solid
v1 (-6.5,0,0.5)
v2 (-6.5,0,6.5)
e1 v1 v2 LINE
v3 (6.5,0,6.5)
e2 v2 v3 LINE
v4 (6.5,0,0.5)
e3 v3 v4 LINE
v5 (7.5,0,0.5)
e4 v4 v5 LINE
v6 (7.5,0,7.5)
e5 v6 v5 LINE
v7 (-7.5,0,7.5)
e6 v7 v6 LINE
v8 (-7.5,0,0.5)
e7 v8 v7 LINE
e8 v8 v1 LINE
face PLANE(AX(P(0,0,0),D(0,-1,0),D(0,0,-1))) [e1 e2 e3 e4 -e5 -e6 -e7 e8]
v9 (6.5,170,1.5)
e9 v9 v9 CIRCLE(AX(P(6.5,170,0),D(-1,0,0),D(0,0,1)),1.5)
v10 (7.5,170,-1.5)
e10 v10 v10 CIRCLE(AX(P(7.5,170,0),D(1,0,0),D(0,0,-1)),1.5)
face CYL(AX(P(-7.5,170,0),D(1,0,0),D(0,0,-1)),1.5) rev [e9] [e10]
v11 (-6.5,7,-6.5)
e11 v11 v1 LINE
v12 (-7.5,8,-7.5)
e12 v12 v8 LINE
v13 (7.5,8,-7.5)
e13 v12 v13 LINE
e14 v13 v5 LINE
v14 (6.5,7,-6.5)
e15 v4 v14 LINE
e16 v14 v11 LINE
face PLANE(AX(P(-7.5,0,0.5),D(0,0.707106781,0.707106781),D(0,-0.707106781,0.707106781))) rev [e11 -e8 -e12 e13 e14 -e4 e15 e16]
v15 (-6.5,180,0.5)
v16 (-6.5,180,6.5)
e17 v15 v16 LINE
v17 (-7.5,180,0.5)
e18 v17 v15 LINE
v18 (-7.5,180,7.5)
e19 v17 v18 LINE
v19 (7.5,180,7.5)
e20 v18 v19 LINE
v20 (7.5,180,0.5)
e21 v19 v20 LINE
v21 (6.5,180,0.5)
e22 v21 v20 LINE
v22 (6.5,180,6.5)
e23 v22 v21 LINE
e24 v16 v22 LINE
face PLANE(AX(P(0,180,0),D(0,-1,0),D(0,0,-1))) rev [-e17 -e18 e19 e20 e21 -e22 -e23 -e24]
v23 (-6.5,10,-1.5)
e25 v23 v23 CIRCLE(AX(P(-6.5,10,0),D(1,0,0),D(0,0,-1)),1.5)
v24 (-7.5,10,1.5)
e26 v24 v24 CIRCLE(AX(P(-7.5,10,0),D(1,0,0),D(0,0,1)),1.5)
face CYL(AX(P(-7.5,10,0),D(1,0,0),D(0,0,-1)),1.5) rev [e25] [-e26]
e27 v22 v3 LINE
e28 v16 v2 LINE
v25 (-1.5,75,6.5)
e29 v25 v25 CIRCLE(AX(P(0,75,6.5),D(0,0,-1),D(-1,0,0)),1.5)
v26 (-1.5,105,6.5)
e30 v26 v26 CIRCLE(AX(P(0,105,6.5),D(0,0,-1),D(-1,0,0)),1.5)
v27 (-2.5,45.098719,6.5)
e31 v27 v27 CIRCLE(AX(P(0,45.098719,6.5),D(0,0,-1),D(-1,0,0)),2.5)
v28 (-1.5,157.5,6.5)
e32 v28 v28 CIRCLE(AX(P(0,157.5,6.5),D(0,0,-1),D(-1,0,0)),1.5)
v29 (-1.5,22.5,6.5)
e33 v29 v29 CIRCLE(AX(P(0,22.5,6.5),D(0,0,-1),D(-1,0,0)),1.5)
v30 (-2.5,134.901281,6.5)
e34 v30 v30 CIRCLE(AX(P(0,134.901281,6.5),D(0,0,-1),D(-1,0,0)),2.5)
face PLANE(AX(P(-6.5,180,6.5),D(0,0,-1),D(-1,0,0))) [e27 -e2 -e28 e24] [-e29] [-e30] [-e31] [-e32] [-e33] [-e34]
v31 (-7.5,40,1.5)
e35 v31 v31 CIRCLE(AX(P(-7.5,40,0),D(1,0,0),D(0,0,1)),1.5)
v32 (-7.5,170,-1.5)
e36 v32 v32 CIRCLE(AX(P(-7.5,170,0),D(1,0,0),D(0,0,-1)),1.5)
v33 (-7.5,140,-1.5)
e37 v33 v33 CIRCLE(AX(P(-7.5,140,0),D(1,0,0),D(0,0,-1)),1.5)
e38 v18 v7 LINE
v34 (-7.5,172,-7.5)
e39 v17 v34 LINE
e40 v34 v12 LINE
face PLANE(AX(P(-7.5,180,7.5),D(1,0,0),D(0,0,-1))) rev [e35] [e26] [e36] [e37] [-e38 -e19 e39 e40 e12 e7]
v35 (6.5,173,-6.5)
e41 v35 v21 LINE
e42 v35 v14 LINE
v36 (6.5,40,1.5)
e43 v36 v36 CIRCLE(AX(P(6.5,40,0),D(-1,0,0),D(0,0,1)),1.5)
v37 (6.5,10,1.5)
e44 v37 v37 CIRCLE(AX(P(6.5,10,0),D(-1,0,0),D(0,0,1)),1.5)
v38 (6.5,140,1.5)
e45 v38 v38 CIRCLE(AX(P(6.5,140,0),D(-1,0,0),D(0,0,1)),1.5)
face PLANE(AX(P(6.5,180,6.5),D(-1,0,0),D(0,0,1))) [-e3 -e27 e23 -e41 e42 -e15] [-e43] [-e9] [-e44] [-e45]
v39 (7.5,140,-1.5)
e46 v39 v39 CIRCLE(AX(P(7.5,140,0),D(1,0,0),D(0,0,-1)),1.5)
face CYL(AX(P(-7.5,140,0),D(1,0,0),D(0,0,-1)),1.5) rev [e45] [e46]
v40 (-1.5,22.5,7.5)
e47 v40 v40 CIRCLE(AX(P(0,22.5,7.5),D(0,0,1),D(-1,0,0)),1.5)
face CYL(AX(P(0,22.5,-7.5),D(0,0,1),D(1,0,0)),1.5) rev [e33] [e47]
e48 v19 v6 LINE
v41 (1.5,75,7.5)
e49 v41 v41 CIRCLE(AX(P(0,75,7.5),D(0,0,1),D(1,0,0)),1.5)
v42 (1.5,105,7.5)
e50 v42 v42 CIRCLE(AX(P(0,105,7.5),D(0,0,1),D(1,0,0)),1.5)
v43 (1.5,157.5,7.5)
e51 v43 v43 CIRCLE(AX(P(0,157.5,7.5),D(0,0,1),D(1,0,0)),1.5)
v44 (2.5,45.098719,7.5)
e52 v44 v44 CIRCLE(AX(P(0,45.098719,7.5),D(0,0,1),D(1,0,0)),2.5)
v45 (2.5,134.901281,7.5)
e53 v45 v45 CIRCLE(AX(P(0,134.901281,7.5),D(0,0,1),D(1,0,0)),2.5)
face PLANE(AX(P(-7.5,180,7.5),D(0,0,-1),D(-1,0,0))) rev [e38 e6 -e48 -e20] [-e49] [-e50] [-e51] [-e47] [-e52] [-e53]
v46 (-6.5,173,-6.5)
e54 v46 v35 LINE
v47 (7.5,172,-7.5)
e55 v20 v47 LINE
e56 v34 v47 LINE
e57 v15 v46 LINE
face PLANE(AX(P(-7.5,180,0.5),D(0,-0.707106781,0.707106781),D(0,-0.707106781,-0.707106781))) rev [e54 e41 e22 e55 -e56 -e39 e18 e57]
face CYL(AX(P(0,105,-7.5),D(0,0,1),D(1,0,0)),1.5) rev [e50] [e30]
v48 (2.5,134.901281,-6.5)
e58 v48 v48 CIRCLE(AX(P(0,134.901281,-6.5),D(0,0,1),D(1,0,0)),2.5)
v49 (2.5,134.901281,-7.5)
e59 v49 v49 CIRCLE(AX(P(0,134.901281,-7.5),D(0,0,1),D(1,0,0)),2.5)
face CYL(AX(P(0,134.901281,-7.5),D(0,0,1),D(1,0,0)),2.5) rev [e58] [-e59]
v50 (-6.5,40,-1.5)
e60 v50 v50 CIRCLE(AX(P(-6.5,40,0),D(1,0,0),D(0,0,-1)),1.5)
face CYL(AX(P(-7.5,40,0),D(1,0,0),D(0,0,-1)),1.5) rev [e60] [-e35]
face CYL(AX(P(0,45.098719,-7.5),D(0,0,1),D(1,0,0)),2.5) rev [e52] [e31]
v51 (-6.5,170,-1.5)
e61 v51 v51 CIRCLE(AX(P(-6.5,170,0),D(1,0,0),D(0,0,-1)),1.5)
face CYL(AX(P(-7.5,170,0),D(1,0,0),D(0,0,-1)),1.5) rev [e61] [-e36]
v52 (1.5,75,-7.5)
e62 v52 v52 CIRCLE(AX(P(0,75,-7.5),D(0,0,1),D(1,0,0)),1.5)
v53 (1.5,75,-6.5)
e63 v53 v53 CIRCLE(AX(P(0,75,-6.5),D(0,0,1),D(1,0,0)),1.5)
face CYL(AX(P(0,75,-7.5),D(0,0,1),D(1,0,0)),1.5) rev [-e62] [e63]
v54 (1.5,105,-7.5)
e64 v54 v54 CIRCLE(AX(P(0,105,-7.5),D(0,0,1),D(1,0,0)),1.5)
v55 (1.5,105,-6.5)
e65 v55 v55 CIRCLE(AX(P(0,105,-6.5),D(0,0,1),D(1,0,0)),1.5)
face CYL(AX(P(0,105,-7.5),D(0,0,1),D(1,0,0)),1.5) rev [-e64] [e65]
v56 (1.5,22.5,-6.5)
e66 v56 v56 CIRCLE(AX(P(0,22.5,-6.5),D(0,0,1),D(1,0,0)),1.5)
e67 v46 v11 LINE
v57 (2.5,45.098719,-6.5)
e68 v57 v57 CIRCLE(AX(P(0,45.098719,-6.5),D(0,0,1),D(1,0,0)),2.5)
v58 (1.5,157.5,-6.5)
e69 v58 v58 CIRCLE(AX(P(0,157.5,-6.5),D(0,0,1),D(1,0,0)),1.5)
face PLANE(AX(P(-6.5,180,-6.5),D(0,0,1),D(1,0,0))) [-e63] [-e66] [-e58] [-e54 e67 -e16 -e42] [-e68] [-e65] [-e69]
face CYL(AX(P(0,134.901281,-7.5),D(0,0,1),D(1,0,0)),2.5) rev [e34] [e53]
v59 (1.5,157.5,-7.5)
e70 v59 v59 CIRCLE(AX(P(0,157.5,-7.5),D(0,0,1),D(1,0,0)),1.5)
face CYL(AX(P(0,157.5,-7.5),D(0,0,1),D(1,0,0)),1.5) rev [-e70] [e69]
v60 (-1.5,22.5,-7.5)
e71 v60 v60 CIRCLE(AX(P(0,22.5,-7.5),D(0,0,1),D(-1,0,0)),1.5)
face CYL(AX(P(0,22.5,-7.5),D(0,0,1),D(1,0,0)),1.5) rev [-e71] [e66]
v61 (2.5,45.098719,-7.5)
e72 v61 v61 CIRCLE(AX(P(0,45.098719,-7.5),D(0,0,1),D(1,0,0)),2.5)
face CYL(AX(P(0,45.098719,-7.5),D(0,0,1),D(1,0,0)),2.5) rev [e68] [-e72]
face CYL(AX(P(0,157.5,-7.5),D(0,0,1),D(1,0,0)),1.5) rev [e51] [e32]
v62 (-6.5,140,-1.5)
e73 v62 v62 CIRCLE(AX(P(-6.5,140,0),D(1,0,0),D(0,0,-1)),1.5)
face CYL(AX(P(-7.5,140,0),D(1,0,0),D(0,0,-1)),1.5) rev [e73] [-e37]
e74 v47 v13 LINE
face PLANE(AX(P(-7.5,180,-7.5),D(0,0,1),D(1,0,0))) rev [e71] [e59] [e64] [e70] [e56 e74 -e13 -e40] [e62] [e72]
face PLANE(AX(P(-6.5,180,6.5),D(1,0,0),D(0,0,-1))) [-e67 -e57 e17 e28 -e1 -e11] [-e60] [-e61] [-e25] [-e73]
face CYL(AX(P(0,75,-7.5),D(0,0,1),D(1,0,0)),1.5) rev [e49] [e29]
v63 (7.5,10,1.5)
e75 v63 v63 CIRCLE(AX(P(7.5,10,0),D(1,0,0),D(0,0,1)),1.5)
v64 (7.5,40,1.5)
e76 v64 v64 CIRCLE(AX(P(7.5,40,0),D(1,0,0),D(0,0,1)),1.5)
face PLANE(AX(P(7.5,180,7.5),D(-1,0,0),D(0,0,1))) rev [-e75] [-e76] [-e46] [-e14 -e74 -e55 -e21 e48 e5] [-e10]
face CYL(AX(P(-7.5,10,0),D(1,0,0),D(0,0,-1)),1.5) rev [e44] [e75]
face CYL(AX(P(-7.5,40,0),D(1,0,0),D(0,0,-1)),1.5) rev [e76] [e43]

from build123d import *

# Parameters (mm, degrees)
SKETCH_1_W          = 15
SKETCH_1_H          = 15
SKETCH_1_W_2        = 13
SKETCH_1_H_2        = 13
EXTRUDE_1_DEPTH     = 180
SKETCH_2_R          = 2.5
SKETCH_2_R_2        = 1.5
CUT_EXTRUDE_1_DEPTH = 181.779561898
SKETCH_3_R          = 1.5
CUT_EXTRUDE_2_DEPTH = 181.779561898


with BuildPart() as part:
    # 草图1 → 凸台-拉伸1 (new body)
    with BuildSketch(Plane(origin=(0, 0, 0), x_dir=(1, 0, 0), z_dir=(0, 1, 0))):
        Rectangle(SKETCH_1_W, SKETCH_1_H)
        Rectangle(SKETCH_1_W_2, SKETCH_1_H_2, mode=Mode.SUBTRACT)
    extrude(amount=EXTRUDE_1_DEPTH)

    # 草图2 → 切除-拉伸1 (cut, through all)
    with BuildSketch(Plane.XY.offset(7.5)):
        with Locations((0, 134.901280605)):
            Circle(SKETCH_2_R)
        with Locations((0, 45.098719395)):
            Circle(SKETCH_2_R)
        with Locations((0, 187.5)):
            Circle(SKETCH_2_R_2)
        with Locations((0, 157.5)):
            Circle(SKETCH_2_R_2)
        with Locations((0, -7.5)):
            Circle(SKETCH_2_R_2)
        with Locations((0, 22.5)):
            Circle(SKETCH_2_R_2)
        with Locations((0, 105)):
            Circle(SKETCH_2_R_2)
        with Locations((0, 75)):
            Circle(SKETCH_2_R_2)
    extrude(amount=-CUT_EXTRUDE_1_DEPTH, mode=Mode.SUBTRACT)

    # 草图3 → 切除-拉伸2 (cut, through all)
    with BuildSketch(Plane(origin=(7.5, 0, 0), x_dir=(0, 0, -1), z_dir=(1, 0, 0))):
        with Locations((0, 170)):
            Circle(SKETCH_3_R)
        with Locations((0, 140)):
            Circle(SKETCH_3_R)
        with Locations(Location((0, 10, 0), (0, 0, 180))):
            Circle(SKETCH_3_R)
        with Locations(Location((0, 40, 0), (0, 0, 180))):
            Circle(SKETCH_3_R)
        Polygon((7.5, 172), (7.5, 180), (-0.5, 180), align=None)
        Polygon((-0.5, 0), (7.5, 8), (7.5, 0), align=None)
    extrude(amount=-CUT_EXTRUDE_2_DEPTH, mode=Mode.SUBTRACT)


solid = part.part
